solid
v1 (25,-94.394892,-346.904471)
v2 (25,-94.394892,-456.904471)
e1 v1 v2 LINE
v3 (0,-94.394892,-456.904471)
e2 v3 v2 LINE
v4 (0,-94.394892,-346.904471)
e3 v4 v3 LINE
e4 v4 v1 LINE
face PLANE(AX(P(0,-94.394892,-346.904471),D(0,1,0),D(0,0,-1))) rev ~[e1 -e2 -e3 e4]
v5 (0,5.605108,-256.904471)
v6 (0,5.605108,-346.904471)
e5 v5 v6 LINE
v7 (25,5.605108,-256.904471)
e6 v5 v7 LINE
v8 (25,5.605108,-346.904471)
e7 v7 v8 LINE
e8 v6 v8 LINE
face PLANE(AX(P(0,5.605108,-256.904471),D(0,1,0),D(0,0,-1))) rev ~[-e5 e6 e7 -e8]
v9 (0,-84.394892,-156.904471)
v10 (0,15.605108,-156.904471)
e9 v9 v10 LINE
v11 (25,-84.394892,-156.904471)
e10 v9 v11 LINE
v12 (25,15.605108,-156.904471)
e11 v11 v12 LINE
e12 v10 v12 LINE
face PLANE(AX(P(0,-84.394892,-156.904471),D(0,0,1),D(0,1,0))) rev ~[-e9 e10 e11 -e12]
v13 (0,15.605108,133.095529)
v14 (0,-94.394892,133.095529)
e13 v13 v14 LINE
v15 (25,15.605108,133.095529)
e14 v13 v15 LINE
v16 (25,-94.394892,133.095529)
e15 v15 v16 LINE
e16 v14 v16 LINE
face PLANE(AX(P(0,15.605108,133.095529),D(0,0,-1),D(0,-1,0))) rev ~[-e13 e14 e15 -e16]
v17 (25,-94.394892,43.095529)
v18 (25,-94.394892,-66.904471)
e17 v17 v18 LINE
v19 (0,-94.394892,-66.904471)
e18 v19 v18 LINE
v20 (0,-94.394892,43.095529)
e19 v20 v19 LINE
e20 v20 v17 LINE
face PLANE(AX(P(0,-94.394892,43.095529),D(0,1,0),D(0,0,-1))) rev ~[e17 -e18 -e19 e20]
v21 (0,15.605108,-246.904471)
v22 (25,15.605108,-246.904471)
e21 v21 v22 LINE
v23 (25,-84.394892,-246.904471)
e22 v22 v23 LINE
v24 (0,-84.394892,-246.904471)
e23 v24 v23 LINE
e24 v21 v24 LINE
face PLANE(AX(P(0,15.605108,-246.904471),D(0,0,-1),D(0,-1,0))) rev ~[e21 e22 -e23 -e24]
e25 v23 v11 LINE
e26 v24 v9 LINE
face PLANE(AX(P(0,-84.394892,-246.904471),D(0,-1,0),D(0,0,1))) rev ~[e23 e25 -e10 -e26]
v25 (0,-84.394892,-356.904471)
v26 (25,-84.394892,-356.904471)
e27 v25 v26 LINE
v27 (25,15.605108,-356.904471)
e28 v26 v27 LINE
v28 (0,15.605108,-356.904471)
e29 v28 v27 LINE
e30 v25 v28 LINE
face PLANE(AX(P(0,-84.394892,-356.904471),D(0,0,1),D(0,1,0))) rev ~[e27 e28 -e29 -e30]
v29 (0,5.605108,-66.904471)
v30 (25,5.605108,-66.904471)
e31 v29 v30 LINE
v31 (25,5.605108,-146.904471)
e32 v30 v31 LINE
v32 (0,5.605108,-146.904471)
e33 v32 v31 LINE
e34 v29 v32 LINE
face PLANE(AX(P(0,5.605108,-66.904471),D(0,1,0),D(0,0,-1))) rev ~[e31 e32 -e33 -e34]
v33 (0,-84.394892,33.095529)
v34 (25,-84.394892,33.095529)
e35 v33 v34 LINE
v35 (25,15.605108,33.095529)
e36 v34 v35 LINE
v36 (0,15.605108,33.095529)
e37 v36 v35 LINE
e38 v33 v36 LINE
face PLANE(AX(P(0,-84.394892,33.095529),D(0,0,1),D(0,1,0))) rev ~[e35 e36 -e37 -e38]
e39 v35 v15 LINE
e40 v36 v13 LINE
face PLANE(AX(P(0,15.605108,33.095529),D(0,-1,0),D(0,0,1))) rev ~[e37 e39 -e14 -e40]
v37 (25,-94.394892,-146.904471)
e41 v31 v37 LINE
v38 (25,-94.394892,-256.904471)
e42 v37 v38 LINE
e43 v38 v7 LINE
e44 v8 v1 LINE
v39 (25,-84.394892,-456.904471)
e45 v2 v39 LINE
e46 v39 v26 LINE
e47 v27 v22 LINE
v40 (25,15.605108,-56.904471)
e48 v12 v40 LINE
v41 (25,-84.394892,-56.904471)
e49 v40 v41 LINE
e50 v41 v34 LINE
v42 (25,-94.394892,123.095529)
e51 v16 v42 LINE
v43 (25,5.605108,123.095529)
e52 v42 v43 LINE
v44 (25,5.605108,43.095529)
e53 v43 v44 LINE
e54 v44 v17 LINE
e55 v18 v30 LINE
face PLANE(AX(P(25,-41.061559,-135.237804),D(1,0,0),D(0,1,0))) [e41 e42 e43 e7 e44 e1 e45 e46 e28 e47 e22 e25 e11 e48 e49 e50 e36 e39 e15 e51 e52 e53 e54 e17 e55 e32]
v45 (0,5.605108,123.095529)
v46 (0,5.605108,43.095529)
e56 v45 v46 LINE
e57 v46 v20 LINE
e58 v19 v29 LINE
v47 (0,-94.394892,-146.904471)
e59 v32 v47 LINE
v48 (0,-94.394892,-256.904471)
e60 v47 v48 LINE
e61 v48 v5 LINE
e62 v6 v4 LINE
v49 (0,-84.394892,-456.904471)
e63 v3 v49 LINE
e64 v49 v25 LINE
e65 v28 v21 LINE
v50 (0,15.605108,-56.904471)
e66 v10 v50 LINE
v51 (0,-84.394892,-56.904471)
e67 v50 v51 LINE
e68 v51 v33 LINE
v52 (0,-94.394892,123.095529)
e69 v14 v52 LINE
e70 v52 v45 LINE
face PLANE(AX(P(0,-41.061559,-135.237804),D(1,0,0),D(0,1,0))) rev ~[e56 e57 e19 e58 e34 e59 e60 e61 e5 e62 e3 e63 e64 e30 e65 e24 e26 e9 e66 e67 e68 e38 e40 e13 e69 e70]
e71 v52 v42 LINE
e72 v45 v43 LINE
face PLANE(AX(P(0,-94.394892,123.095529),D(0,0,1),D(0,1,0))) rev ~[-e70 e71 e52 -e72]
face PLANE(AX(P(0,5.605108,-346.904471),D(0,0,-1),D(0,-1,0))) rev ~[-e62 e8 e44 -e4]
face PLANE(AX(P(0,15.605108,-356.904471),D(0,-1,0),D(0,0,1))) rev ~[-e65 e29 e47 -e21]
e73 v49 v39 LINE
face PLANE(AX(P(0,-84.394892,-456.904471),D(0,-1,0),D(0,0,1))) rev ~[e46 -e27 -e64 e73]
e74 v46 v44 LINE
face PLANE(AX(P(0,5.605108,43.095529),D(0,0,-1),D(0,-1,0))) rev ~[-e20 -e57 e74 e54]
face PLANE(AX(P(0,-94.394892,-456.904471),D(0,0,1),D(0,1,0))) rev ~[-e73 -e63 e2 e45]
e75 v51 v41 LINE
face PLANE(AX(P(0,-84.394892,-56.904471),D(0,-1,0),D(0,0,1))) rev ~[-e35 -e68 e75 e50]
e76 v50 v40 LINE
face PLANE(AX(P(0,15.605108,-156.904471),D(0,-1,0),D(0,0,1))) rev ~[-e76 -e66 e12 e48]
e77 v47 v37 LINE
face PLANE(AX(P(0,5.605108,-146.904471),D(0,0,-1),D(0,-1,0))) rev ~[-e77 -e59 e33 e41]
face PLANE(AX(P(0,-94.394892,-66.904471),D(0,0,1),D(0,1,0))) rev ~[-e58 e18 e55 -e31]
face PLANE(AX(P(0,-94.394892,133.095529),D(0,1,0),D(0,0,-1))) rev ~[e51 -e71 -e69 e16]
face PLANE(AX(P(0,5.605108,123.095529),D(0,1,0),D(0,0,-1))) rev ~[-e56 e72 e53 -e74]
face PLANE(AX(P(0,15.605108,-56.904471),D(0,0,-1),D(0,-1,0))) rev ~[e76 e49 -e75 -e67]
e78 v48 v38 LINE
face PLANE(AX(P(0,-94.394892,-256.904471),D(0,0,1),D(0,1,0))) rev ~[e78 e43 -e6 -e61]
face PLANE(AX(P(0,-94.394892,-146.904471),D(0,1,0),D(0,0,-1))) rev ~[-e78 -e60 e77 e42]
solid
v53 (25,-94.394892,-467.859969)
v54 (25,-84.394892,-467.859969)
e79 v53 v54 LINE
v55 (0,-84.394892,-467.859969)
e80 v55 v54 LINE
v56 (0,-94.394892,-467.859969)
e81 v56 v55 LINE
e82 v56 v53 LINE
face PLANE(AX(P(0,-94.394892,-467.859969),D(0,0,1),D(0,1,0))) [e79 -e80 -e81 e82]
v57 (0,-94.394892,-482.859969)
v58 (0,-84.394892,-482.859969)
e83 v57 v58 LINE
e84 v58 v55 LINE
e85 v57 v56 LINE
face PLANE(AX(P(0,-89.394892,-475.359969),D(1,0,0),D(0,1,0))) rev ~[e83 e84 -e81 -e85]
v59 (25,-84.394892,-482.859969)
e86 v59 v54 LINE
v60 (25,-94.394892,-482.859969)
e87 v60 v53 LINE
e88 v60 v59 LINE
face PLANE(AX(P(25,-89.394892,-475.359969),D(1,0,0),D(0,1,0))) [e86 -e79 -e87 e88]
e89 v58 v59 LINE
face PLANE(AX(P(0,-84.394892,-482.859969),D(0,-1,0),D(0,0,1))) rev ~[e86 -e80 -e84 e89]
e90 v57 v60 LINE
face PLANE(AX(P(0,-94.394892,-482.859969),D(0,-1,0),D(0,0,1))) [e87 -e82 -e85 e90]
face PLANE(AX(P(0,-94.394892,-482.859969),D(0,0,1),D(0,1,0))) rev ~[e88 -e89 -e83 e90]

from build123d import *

# Parameters (mm, degrees)
F0_W     = 10
F0_H     = 15
F1_DEPTH = 25


with BuildPart() as f1:
    # F0 (on Right) → F1 (new body)
    with BuildSketch(Plane.YZ):
        Polygon((5.605108, 133.095529), (-94.394892, 133.095529), (-94.394892, 123.095529), (5.605108, 123.095529), (5.605108, 43.095529), (-94.394892, 43.095529), (-94.394892, 33.095529), (-94.394892, -66.904471), (-84.394892, -66.904471), (5.605108, -66.904471), (5.605108, -146.904471), (-94.394892, -146.904471), (-94.394892, -156.904471), (-94.394892, -256.904471), (-84.394892, -256.904471), (5.605108, -256.904471), (5.605108, -346.904471), (-94.394892, -346.904471), (-94.394892, -356.904471), (-94.394892, -456.904471), (-84.394892, -456.904471), (-84.394892, -356.904471), (5.605108, -356.904471), (15.605108, -356.904471), (15.605108, -256.904471), (15.605108, -246.904471), (-84.394892, -246.904471), (-84.394892, -156.904471), (5.605108, -156.904471), (15.605108, -156.904471), (15.605108, -66.904471), (15.605108, -56.904471), (5.605108, -56.904471), (-84.394892, -56.904471), (-84.394892, 33.095529), (5.605108, 33.095529), (15.605108, 33.095529), (15.605108, 133.095529), align=None)
        with Locations((-89.394892, -475.359969)):
            Rectangle(F0_W, F0_H)
    extrude(amount=F1_DEPTH)


solid = f1.part
